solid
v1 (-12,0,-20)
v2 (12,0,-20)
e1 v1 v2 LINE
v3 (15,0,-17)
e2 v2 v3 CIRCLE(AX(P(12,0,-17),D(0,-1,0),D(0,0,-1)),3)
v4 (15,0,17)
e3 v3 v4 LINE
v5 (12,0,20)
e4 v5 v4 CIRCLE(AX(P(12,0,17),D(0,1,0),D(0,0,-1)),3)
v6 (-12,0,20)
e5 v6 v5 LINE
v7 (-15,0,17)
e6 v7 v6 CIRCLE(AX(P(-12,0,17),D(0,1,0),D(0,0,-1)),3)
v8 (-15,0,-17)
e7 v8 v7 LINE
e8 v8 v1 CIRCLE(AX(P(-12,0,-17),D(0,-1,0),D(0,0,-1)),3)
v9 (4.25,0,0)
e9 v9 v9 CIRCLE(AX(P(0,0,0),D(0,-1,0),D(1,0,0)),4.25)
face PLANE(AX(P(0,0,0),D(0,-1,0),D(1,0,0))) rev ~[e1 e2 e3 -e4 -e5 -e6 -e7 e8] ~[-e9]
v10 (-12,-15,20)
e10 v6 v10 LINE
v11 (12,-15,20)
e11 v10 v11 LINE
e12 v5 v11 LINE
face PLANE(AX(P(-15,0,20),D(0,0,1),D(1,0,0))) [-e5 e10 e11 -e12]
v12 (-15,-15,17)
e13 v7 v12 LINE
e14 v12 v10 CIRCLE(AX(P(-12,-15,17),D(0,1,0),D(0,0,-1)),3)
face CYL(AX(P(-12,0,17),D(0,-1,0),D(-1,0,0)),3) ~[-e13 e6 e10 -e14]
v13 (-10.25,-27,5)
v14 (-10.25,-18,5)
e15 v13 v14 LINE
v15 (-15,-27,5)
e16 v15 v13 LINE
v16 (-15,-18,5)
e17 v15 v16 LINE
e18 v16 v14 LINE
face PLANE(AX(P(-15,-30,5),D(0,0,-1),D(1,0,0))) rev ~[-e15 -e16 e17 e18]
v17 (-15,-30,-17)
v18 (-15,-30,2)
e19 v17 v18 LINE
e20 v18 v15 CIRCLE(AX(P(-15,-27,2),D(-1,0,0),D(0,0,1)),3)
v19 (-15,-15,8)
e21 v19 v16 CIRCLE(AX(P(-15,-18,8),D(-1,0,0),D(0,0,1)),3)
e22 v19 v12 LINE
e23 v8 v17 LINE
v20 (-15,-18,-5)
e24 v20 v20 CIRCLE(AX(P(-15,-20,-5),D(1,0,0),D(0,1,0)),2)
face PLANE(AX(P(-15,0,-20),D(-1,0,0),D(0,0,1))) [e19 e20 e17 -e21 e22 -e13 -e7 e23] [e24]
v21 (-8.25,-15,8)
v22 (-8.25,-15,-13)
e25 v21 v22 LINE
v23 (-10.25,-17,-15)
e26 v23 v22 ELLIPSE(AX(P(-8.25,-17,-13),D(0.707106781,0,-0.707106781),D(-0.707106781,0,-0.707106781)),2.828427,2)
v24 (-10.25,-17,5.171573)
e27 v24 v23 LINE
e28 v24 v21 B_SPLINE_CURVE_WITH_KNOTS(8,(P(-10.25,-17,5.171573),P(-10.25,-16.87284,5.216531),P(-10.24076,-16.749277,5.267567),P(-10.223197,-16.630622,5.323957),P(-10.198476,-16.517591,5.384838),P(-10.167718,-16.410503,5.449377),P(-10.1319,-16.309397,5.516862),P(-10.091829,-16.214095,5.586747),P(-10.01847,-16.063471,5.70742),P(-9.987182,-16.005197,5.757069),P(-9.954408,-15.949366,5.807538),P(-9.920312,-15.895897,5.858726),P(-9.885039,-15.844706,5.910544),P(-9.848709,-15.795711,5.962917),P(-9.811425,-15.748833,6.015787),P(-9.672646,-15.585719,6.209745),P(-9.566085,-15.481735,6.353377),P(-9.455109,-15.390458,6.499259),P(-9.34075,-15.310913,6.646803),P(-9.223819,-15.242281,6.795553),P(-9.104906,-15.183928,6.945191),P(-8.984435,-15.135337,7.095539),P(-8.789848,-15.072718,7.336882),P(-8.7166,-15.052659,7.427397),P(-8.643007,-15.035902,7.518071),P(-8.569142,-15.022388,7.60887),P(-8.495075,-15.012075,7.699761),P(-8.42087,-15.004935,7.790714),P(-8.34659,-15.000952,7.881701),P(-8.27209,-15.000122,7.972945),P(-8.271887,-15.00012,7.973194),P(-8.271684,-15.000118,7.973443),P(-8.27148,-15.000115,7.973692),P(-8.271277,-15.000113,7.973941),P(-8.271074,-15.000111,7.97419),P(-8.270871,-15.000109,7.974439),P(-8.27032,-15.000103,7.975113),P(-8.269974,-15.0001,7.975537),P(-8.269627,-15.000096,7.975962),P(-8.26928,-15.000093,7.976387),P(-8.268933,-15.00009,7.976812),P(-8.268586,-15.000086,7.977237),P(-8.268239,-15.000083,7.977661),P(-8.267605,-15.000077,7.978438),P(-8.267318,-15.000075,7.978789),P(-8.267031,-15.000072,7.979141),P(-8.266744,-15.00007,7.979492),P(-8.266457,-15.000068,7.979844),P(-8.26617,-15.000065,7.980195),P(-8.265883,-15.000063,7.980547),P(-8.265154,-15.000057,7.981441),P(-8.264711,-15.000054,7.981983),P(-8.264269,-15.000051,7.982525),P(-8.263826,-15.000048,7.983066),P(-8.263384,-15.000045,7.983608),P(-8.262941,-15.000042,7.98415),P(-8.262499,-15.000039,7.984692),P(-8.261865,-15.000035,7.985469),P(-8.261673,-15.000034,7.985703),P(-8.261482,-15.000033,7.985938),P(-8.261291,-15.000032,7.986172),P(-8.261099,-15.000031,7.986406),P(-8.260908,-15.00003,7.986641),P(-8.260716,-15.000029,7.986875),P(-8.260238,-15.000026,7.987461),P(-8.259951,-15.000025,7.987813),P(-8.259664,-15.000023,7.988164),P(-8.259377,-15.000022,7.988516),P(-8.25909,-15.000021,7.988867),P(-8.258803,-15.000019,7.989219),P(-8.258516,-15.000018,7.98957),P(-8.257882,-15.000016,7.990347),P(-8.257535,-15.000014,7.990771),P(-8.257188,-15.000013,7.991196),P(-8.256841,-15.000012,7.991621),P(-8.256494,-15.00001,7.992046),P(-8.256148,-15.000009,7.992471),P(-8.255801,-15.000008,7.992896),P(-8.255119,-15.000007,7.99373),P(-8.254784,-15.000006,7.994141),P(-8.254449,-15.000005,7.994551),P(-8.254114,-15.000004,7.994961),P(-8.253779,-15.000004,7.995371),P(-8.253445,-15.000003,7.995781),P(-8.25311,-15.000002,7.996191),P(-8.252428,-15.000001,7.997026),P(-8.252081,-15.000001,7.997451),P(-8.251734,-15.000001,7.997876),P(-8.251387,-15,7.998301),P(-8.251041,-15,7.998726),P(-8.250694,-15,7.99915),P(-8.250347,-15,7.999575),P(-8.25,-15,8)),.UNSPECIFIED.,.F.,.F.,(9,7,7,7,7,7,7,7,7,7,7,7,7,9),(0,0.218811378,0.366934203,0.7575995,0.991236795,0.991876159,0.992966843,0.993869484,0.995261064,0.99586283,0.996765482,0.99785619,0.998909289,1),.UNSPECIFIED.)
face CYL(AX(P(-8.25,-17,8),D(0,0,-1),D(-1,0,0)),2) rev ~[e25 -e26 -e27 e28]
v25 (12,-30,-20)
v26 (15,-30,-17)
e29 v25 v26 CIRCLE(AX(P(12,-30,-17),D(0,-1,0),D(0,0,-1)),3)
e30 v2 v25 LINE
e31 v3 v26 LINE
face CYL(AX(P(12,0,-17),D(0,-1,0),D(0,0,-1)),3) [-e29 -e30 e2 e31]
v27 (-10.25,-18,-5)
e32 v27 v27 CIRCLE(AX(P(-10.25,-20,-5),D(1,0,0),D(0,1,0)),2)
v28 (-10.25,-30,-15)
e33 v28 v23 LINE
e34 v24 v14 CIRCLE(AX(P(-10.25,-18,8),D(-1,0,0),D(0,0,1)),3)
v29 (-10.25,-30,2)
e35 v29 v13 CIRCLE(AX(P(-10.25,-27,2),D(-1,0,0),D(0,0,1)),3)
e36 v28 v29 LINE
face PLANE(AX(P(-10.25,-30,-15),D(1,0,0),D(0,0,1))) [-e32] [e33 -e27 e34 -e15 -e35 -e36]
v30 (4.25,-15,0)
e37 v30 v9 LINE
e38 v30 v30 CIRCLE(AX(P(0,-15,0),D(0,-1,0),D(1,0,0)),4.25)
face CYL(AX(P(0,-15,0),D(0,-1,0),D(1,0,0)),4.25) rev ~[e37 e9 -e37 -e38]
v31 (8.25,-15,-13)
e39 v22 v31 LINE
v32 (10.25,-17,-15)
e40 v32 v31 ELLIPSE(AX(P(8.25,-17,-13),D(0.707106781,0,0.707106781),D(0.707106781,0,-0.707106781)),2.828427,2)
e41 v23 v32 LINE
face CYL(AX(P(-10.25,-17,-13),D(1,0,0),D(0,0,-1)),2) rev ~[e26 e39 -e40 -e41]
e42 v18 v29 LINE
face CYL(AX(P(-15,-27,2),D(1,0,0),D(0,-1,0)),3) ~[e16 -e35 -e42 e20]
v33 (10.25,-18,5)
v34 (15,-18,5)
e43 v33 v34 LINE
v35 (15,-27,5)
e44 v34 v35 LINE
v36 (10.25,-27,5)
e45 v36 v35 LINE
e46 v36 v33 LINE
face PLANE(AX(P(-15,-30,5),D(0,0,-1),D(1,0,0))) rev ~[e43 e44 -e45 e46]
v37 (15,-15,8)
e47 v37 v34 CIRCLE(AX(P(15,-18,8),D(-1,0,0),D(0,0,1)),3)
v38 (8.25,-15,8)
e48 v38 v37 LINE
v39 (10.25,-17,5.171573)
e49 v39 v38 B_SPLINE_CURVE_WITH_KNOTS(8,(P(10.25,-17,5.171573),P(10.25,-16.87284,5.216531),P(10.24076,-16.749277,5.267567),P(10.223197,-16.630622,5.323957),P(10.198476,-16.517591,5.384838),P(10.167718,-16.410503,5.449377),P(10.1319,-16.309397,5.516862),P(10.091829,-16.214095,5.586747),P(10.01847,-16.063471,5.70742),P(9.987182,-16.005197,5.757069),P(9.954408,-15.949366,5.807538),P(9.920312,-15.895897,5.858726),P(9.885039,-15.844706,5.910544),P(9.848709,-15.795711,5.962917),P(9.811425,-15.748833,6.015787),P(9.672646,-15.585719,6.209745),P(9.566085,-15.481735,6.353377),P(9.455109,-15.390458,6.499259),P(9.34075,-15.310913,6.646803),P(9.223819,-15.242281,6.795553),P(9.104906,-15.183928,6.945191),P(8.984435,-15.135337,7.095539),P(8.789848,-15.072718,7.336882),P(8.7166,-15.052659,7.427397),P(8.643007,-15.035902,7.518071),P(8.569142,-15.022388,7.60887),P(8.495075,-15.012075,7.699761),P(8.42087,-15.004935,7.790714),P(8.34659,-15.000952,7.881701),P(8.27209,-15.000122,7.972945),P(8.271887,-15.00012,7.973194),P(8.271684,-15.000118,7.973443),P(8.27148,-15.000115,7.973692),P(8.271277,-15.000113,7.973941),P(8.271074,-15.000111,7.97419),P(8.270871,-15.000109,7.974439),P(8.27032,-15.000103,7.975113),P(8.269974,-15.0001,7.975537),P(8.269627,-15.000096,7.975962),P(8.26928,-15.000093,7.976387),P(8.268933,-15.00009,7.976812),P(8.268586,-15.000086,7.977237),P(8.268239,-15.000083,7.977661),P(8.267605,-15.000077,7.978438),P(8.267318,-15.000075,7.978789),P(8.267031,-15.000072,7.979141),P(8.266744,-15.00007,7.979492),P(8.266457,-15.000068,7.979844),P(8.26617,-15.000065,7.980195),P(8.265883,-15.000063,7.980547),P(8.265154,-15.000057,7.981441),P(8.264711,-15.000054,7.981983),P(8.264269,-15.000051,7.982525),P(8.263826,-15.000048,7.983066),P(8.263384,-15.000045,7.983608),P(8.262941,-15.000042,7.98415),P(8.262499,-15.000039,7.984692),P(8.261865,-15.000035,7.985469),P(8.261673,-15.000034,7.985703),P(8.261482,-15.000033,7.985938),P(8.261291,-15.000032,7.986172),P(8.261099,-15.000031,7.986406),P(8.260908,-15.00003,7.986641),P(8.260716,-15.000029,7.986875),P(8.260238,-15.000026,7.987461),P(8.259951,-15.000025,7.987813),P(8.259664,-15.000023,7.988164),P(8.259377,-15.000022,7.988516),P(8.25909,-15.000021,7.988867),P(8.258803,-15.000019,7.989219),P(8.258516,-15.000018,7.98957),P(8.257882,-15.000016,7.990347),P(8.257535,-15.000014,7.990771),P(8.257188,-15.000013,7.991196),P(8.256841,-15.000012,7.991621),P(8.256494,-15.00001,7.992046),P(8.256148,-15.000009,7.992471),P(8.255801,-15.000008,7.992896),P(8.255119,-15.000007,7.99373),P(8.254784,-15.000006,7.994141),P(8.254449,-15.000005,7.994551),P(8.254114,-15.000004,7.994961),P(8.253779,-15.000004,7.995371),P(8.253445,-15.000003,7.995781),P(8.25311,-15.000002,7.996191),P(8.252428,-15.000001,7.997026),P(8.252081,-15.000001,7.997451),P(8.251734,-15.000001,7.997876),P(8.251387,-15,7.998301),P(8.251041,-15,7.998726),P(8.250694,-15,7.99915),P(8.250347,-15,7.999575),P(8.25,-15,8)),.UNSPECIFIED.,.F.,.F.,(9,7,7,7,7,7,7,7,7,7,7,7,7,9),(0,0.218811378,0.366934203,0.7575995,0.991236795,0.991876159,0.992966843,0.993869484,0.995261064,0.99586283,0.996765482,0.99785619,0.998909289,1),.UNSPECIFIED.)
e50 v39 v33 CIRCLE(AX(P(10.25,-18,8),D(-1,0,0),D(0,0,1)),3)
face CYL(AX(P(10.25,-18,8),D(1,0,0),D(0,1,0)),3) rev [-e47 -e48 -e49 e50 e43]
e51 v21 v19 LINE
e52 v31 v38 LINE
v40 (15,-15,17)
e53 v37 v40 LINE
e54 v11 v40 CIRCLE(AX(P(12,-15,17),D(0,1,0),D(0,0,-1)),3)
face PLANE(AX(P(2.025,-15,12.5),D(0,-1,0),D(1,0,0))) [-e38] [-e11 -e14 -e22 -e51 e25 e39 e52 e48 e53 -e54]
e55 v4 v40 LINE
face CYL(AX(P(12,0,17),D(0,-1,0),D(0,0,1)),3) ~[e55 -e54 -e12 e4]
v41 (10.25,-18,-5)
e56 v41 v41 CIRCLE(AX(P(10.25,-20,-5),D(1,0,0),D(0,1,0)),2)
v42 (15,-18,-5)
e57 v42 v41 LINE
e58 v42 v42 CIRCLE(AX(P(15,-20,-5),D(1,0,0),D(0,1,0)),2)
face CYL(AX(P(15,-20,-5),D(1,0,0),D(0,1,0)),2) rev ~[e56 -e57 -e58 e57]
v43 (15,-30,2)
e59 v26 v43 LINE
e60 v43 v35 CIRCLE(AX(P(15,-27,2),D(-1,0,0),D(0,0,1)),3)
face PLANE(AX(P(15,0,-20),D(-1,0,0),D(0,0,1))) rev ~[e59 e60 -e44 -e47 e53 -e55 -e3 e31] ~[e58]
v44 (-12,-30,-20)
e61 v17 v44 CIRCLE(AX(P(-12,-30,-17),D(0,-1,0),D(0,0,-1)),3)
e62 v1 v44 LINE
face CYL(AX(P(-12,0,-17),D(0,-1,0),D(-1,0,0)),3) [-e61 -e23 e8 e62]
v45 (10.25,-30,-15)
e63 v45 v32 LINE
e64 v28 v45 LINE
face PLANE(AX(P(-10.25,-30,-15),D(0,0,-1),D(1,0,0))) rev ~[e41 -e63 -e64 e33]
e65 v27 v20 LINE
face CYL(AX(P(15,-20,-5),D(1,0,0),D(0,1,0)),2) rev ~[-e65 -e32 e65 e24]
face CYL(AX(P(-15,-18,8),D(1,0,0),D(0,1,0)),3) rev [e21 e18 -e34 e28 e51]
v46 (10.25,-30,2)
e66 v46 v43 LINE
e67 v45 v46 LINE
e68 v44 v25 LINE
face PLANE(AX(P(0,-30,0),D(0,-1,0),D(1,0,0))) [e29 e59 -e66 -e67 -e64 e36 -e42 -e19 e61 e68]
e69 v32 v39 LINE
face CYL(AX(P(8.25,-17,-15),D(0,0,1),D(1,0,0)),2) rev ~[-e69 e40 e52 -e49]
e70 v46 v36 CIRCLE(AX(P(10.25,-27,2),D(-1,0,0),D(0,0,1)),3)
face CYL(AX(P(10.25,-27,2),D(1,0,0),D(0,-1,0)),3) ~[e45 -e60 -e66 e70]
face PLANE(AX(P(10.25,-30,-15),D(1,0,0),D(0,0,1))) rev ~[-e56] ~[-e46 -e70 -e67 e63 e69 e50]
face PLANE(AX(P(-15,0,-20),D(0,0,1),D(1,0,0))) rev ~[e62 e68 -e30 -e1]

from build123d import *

# Parameters (mm, degrees)
F0_W     = 30
F0_H     = 40
F1_DEPTH = 30
F2_W     = 20.5
F2_H     = 30
F3_DEPTH = 15
F4_W     = 34.05
F4_H     = 15
F5_DEPTH = 15
F6_R     = 4.25
F7_DEPTH = 25
F8_R     = 2
F9_DEPTH = 30.001
F10_R    = 3
F11_R    = 2


with BuildPart() as f1:
    # F0 (on Front) → F1 (new body)
    with BuildSketch(Plane.XZ):
        Rectangle(F0_W, F0_H)
    extrude(amount=F1_DEPTH)

    # F2 (on face) → F3 (cut)
    with BuildSketch(Plane.XZ.offset(30)):
        Rectangle(F2_W, F2_H)
    extrude(amount=-F3_DEPTH, mode=Mode.SUBTRACT)

    # F4 (on face) → F5 (cut)
    with BuildSketch(Plane.XZ.offset(30)):
        with Locations((2.025, 12.5)):
            Rectangle(F4_W, F4_H)
    extrude(amount=-F5_DEPTH, mode=Mode.SUBTRACT)

    # F6 (on face) → F7 (cut)
    with BuildSketch(Plane.XZ.offset(15)):
        Circle(F6_R)
    extrude(amount=-F7_DEPTH, mode=Mode.SUBTRACT)

    # F8 (on face) → F9 (cut, through all)
    with BuildSketch(Plane.YZ.offset(15)):
        with Locations((-20, -5)):
            Circle(F8_R)
    extrude(amount=-F9_DEPTH, mode=Mode.SUBTRACT)

    # F10
    f10_edges = [f1.edges().sort_by_distance(p)[0] for p in [
        (15, -7.5, 20),
        (12.625, -30, 5),
        (-12.625, -30, 5),
        (12.625, -15, 5),
        (-12.625, -15, 5),
        (-15, -7.5, 20),
        (-15, -15, -20),
        (15, -15, -20),
    ]]
    fillet(f10_edges, radius=F10_R)

    # F11
    f11_edges = [f1.edges().sort_by_distance(p)[0] for p in [
        (-10.25, -15, -5),
        (0, -15, -15),
        (10.25, -15, -5),
    ]]
    fillet(f11_edges, radius=F11_R)


solid = f1.part
